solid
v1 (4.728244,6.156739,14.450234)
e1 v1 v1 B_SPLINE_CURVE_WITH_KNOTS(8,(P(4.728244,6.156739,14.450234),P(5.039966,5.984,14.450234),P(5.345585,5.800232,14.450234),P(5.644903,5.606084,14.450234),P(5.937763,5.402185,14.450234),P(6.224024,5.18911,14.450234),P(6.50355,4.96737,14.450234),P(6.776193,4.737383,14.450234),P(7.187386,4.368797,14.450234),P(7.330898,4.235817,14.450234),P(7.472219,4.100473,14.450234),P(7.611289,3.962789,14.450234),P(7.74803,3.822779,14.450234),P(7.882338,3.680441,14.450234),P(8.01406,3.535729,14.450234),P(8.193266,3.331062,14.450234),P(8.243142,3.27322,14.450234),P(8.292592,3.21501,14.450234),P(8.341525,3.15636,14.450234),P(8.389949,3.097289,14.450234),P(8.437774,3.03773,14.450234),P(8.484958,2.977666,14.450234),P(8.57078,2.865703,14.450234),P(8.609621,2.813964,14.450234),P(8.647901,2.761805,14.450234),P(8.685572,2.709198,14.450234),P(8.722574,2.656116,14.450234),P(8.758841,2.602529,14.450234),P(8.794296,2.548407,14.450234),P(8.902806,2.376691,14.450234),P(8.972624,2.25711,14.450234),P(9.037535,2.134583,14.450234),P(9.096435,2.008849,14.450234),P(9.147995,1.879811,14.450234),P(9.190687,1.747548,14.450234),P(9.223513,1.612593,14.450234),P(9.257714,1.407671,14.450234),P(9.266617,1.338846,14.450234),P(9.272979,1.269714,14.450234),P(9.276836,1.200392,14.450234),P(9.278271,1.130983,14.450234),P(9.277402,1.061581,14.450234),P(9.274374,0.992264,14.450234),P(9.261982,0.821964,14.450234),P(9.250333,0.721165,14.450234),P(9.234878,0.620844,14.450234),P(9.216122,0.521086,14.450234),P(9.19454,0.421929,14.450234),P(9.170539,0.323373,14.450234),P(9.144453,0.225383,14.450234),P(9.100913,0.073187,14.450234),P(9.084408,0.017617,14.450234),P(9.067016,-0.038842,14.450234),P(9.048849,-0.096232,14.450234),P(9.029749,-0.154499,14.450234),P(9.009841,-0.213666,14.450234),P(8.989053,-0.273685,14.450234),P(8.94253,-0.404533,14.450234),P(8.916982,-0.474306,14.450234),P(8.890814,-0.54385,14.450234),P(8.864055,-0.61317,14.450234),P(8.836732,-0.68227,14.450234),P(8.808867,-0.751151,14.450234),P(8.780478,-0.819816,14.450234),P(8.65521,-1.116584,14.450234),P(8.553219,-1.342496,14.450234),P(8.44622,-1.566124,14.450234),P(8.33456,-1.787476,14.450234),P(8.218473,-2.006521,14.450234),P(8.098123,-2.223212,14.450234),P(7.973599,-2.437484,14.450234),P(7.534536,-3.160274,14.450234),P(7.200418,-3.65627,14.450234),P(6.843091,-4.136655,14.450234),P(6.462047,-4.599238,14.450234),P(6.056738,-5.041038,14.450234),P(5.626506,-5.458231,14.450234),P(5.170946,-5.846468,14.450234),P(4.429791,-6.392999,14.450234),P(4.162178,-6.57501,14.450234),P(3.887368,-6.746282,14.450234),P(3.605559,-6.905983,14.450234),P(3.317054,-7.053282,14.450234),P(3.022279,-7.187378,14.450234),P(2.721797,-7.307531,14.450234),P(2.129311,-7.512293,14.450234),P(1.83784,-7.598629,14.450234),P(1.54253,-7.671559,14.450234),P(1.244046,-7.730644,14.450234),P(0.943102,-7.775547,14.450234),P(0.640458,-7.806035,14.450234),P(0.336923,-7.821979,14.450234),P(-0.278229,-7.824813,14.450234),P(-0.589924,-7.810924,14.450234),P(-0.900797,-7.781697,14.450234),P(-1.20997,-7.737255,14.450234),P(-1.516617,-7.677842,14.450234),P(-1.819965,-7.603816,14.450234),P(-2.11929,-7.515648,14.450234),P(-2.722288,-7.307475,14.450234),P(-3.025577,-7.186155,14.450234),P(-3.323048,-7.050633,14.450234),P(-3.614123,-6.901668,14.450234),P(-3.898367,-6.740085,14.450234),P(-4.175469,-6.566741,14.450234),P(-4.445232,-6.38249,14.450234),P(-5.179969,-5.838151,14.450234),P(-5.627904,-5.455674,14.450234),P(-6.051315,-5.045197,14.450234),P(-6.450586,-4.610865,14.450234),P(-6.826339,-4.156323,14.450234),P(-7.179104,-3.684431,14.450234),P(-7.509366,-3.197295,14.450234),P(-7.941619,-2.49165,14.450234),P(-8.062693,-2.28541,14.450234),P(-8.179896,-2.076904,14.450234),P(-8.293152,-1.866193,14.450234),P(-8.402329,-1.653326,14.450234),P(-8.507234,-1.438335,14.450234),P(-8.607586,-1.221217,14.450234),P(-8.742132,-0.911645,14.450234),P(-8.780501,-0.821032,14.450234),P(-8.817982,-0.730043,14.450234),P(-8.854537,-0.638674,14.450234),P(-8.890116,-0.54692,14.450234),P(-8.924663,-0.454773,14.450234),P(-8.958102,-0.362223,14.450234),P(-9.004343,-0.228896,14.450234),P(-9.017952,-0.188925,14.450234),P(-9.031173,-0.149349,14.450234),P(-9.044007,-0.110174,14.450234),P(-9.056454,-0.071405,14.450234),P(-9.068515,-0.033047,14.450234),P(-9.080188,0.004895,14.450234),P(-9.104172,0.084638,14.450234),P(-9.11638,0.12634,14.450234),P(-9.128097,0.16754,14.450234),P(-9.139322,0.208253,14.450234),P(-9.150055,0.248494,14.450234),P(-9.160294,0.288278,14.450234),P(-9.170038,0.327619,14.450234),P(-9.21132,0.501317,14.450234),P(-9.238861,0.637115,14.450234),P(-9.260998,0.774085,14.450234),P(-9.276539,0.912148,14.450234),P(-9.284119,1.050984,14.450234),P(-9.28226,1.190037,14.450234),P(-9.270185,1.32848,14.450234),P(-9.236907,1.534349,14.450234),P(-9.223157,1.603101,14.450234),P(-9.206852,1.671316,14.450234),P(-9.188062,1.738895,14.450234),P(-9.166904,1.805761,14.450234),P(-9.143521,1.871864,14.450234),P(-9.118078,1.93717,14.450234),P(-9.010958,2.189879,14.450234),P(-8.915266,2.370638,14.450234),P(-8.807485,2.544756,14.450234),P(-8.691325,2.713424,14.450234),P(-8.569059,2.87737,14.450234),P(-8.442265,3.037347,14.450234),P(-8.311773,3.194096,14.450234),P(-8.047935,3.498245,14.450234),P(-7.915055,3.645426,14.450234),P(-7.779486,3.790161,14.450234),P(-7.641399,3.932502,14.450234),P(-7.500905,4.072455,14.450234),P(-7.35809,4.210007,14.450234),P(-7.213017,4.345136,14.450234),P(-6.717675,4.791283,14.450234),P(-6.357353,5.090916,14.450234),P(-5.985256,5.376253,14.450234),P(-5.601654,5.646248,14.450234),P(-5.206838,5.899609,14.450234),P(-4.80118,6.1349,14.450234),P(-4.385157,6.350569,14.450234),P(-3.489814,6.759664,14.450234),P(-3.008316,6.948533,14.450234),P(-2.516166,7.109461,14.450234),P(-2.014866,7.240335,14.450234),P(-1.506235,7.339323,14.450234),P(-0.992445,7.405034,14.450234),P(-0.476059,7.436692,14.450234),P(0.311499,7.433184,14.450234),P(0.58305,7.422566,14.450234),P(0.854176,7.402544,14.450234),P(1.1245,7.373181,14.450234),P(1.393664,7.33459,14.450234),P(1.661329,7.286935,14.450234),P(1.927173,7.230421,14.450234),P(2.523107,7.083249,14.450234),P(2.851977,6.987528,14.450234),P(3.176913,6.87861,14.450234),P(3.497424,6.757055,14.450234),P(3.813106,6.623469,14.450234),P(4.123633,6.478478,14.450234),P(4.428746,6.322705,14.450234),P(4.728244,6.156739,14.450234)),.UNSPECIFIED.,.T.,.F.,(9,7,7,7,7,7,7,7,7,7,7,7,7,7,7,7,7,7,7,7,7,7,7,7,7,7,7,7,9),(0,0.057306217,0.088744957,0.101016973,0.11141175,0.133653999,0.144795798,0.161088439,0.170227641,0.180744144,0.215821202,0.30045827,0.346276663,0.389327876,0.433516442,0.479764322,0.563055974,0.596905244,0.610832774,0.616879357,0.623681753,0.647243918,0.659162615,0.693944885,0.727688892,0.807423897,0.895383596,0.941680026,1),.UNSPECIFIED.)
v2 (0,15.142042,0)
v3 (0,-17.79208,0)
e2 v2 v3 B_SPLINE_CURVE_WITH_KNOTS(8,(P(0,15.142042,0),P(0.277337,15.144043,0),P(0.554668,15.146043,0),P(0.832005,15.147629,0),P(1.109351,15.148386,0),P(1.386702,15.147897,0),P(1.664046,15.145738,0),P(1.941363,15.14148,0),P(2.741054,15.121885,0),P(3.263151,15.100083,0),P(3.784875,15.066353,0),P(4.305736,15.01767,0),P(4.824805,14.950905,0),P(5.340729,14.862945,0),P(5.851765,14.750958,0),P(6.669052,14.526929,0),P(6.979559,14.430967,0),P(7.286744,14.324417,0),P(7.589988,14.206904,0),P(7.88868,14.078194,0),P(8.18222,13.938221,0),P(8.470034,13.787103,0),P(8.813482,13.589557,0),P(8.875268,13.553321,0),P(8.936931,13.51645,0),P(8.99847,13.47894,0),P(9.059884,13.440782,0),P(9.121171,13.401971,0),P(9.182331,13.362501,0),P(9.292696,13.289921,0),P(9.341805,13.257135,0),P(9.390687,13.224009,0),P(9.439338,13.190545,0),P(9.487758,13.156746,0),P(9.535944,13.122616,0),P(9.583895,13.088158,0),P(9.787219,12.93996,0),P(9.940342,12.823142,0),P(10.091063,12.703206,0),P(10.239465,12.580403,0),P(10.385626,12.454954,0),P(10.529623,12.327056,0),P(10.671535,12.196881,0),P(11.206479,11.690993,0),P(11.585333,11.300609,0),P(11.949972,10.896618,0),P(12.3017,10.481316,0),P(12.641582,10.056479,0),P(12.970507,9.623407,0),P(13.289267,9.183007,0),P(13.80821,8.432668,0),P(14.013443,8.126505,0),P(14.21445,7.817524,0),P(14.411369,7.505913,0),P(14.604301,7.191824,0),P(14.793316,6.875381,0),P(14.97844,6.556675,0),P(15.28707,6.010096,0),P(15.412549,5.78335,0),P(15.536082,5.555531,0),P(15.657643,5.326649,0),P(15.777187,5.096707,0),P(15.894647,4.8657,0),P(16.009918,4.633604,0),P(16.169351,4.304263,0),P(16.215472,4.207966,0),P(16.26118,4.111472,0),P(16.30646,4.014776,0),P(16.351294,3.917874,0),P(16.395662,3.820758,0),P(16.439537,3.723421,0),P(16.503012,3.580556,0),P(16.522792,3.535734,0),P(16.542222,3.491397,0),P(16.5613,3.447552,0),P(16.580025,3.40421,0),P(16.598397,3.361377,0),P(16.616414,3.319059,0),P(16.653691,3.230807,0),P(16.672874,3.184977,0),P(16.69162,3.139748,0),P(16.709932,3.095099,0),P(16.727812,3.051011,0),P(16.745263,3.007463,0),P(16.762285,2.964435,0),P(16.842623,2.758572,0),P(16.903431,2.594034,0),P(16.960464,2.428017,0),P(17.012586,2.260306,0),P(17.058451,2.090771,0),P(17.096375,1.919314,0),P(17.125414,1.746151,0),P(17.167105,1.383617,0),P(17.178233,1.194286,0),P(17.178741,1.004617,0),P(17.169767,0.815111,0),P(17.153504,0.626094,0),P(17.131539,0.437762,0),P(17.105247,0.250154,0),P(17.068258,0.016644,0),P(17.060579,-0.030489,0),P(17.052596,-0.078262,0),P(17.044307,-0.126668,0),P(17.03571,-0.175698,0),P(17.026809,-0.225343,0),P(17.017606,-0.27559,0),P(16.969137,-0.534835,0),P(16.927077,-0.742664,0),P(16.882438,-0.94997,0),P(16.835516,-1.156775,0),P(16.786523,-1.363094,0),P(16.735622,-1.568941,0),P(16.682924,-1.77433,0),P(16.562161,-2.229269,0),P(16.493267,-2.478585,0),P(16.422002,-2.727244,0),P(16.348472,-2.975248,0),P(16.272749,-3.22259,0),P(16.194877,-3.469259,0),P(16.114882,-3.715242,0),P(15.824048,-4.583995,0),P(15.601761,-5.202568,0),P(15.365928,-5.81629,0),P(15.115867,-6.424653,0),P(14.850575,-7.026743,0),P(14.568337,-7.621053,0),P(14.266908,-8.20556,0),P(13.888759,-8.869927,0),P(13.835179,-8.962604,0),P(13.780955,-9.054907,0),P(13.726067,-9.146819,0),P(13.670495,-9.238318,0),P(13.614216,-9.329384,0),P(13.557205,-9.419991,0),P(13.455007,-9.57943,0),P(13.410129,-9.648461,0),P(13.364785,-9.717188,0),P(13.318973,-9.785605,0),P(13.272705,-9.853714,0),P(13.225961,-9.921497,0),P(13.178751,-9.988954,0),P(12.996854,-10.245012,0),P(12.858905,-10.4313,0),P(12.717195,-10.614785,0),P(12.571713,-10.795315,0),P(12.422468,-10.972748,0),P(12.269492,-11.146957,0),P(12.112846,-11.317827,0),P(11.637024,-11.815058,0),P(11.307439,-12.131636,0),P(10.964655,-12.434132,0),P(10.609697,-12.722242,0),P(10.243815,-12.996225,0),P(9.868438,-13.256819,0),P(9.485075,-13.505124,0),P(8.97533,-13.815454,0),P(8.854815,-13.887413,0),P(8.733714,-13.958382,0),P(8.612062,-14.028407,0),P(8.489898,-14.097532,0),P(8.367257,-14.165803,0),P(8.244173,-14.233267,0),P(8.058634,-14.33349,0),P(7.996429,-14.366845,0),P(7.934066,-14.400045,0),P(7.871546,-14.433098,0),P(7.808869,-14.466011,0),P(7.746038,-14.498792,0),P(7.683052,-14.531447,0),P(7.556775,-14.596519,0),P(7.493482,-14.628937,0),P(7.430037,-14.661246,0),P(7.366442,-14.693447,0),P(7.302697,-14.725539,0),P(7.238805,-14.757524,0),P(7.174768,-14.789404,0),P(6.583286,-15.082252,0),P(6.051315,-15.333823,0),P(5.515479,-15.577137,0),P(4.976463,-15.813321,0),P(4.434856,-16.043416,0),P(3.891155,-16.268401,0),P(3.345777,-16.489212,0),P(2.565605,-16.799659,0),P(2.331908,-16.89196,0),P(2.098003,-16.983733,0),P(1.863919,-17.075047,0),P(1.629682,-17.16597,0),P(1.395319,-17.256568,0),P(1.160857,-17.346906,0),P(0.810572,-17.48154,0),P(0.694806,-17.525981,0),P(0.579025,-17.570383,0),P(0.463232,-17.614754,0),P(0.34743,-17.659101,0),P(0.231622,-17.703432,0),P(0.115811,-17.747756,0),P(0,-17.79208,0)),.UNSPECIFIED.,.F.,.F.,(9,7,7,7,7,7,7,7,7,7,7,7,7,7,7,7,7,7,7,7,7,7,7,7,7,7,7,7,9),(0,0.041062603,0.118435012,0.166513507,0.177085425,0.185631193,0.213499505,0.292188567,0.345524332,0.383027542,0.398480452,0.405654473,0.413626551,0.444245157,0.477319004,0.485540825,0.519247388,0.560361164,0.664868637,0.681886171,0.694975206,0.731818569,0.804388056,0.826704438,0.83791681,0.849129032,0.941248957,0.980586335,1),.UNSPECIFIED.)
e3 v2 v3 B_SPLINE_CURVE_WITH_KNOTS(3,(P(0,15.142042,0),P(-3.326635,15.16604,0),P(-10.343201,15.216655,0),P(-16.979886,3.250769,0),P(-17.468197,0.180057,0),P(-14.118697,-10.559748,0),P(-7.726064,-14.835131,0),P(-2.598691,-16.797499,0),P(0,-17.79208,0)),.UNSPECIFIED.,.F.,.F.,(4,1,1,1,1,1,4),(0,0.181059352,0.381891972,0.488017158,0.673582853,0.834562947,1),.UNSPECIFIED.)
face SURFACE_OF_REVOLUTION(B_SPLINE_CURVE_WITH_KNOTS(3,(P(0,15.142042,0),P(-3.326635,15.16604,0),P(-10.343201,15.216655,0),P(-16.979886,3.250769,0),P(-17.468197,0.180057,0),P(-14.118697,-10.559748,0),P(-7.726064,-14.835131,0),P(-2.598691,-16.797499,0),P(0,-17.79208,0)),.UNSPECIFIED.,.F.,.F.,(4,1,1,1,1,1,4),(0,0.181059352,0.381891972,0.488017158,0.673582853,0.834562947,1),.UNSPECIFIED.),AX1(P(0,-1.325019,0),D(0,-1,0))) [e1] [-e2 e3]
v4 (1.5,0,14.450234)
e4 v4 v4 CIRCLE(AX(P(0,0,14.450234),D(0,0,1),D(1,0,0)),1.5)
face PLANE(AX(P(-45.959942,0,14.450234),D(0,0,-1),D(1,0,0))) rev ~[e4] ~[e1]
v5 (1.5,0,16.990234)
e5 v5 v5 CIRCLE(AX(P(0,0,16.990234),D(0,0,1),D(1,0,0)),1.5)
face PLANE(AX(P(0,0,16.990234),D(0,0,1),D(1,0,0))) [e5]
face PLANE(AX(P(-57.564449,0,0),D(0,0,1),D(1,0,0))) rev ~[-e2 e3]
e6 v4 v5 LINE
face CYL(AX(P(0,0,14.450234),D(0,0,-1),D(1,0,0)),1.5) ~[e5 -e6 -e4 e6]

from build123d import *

# Parameters (mm, degrees)
F2_W     = 126.1226348579
F2_H     = 41.0738363862
F2_W_2   = 95.882229507
F2_H_2   = 28.761270456
F3_DEPTH = 25.4
F4_R     = 1.5
F5_DEPTH = 2.54


with BuildPart() as f1:
    # F0 (on Top) → F1 (revolve)
    with BuildSketch(Plane.XY):
        with BuildLine():
            Line((0, -17.7920795977), (0, 15.1420421898))
            add(Edge.make_bspline(
                [(0, 15.1420421898), (-3.3266345491, 15.1660395685), (-10.3432012836, 15.2166550499), (-16.9798857885, 3.2507688533), (-17.4681972374, 0.1800565782), (-14.1186973605, -10.5597484182), (-7.7260639278, -14.8351312564), (-2.5986913336, -16.7974986441), (0, -17.7920795977)],
                knots=[0, 0, 0, 0, 0.1810593521, 0.3818919716, 0.4880171584, 0.6735828531, 0.8345629472, 1, 1, 1, 1], degree=3))
        make_face()
    revolve(axis=Axis((0, -1.3250187039, 0), (0, -1, 0)))

    # F2 (on Front) → F3 (cut, symmetric)
    with BuildSketch(Plane.XZ):
        with Locations((5.4968688637, -20.5369181931)):
            Rectangle(F2_W, F2_H)
        with Locations((1.9811727107, 28.830869589)):
            Rectangle(F2_W_2, F2_H_2)
    extrude(amount=F3_DEPTH, both=True, mode=Mode.SUBTRACT)

    # F4 (on face) → F5 (join)
    with BuildSketch(Plane.XY.offset(14.450234361)):
        Circle(F4_R)
    extrude(amount=F5_DEPTH)


solid = f1.part
